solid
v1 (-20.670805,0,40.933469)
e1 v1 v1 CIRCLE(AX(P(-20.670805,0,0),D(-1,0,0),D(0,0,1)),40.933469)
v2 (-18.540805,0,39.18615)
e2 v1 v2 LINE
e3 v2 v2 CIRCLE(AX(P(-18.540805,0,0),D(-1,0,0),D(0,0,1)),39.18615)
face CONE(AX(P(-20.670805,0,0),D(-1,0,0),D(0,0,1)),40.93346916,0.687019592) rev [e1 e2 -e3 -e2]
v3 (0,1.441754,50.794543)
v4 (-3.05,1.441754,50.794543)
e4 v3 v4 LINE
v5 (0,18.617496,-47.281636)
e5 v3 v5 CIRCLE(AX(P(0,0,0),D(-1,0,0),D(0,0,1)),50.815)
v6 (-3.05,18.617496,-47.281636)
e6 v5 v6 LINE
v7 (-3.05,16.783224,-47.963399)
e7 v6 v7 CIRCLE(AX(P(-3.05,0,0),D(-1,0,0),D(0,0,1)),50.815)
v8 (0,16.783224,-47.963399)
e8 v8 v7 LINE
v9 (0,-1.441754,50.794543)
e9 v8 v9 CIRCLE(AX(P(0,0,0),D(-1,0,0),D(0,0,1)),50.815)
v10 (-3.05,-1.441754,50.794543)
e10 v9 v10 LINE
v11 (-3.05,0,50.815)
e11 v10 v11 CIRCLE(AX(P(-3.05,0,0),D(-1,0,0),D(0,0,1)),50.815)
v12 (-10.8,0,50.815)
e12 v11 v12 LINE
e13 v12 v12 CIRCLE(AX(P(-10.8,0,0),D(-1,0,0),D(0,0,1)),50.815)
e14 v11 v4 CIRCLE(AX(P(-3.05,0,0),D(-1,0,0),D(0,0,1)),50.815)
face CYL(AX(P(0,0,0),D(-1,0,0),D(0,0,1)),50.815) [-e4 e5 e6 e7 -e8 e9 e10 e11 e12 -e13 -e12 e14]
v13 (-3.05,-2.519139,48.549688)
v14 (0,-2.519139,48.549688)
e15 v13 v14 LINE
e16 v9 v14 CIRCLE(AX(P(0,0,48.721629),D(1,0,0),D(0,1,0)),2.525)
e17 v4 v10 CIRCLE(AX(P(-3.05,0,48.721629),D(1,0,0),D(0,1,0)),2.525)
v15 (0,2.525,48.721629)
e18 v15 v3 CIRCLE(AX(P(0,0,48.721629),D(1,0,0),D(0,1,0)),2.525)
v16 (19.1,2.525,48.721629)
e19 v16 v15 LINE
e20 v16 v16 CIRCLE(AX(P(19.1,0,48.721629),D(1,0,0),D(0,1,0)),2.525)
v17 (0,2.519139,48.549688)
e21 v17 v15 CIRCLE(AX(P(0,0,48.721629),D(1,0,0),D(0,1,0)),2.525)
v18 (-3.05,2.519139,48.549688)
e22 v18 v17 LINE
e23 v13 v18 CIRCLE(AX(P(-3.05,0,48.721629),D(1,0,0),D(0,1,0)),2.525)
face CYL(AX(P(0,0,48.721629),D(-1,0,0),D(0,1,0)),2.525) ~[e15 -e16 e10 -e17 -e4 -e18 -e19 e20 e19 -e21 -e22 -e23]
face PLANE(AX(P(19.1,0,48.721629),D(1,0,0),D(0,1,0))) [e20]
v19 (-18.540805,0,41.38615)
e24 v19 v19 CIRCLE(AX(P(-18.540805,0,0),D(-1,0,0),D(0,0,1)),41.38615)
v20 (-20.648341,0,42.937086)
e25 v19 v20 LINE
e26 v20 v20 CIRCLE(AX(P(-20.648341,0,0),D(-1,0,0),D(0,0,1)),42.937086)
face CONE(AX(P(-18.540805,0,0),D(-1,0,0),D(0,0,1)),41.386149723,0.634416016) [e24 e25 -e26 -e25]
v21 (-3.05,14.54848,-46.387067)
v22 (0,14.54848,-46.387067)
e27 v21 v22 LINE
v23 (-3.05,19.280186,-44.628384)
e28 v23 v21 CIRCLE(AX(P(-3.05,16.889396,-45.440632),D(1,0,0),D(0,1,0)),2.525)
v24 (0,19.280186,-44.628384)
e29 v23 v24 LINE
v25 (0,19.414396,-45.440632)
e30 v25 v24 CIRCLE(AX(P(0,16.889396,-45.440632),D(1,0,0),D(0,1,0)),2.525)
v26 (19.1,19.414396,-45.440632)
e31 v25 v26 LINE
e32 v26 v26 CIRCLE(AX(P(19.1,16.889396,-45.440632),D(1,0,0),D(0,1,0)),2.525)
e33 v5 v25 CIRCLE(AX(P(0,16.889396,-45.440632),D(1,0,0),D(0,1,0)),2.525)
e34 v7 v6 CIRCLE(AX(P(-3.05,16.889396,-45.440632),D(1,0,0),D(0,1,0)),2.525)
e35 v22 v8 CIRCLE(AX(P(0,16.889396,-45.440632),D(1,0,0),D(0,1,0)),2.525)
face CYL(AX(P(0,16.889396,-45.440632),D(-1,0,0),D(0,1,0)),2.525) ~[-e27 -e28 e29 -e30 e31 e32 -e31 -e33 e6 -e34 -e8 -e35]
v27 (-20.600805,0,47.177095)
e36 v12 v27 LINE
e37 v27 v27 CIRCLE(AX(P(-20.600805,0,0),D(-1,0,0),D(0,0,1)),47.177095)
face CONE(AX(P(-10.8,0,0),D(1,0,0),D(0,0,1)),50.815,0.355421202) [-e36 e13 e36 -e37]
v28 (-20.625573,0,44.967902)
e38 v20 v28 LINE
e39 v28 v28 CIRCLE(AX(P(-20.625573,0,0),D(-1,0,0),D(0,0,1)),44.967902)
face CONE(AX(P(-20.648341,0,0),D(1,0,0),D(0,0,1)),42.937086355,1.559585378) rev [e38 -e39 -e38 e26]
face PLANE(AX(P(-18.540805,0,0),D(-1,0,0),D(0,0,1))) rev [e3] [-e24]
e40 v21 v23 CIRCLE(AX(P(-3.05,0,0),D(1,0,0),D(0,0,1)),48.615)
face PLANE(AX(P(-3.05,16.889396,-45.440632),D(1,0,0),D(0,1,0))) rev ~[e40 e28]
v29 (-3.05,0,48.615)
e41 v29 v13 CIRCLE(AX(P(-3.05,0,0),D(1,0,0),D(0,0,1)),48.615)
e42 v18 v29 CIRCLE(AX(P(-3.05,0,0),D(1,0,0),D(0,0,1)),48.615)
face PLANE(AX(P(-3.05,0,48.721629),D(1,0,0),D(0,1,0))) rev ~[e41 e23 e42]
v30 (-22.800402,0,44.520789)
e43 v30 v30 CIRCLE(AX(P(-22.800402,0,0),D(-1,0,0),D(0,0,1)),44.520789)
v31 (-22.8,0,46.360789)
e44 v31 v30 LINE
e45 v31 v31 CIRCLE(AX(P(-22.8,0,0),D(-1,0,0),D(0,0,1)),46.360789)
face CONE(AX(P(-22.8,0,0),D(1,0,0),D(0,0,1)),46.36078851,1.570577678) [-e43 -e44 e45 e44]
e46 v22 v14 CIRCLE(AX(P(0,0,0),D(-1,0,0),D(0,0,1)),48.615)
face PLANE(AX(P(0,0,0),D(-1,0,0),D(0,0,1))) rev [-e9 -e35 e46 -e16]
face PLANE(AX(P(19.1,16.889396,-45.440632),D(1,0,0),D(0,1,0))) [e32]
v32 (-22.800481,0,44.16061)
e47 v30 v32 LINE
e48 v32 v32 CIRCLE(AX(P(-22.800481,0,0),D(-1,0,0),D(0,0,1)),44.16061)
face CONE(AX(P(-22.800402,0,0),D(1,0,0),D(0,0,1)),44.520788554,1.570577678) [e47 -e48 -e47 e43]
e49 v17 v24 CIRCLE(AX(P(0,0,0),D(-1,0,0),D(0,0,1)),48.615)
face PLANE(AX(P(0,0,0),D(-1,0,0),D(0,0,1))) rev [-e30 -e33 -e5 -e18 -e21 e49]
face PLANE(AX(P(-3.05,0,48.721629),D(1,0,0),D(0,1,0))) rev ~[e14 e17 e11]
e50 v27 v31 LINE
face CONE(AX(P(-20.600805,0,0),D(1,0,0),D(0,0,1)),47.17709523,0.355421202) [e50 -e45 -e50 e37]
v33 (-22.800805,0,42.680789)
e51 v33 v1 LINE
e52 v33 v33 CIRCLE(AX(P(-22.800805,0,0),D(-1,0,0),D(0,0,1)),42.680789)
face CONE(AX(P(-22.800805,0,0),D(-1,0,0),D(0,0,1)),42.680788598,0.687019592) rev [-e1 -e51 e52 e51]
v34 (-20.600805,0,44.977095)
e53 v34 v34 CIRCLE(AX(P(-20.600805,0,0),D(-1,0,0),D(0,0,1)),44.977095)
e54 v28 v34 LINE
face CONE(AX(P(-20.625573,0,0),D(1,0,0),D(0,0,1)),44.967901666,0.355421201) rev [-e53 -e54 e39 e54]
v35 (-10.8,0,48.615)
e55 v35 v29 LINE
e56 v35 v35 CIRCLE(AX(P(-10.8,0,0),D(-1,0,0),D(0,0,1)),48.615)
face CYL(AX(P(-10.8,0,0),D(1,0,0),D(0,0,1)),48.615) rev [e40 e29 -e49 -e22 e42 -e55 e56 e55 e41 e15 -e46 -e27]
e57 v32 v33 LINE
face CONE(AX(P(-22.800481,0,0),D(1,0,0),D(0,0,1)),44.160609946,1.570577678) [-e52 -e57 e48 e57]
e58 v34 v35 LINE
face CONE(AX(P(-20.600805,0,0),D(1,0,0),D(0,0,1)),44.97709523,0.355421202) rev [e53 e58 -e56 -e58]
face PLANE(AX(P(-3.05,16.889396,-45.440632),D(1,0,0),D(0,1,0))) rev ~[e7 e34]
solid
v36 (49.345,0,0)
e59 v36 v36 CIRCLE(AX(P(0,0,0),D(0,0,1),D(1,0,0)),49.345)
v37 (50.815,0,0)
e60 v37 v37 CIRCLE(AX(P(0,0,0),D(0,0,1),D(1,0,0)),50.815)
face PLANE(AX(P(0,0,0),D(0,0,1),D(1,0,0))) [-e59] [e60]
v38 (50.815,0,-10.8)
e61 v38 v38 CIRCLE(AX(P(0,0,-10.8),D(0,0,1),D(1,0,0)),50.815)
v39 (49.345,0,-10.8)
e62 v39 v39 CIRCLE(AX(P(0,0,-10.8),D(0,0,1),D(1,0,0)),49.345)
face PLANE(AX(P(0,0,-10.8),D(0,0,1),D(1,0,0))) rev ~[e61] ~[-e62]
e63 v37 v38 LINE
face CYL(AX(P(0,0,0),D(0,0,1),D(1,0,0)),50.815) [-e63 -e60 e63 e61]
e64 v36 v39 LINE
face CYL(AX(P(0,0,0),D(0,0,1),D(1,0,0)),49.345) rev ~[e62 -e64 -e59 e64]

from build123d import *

# Parameters (mm, degrees)
F0_R      = 50.815
F0_R_2    = 49.345
F1_DEPTH  = 10.8
F4_R      = 2.525
F5_DEPTH  = 18.8
F6_DEPTH  = 3.05
F7_R      = 2.525
F8_DEPTH  = 19.1
F9_DEPTH  = 3.05
F10_DEPTH = 19.1


with BuildPart() as f1:
    # F0 (on Top) → F1 (new body)
    with BuildSketch(Plane.XY):
        Circle(F0_R)
        Circle(F0_R_2, mode=Mode.SUBTRACT)
    extrude(amount=-F1_DEPTH)


with BuildPart() as f3:
    # F2 (on Front) → F3 (revolve)
    with BuildSketch(Plane.XZ):
        Polygon((0, 48.615), (0, 50.815), (-10.8, 50.815), (-20.6008047741, 47.1770952301), (-20.6008047741, 44.9770952301), (-10.8, 48.615), align=None)
        Polygon((-20.6483412873, 42.9370863552), (-22.4750889607, 44.2813903834), (-22.8004810661, 44.1606099456), (-22.800804627, 42.6807885977), (-20.6708046779, 40.9334691601), align=None)
        Polygon((-18.5408047288, 41.3861497226), (-20.6483412873, 42.9370863552), (-20.6708046779, 40.9334691601), (-18.5408047288, 39.1861497226), align=None)
        Polygon((-20.6483412873, 42.9370863552), (-20.6255729673, 44.9679016659), (-22.4750889607, 44.2813903834), align=None)
        Polygon((-20.6255729673, 44.9679016659), (-20.6008047741, 47.1770952301), (-22.8, 46.3607885097), (-22.8004023135, 44.5207885537), (-22.4750889607, 44.2813903834), align=None)
        Polygon((-22.4750889607, 44.2813903834), (-22.8004023135, 44.5207885537), (-22.8004810661, 44.1606099456), align=None)
        Polygon((-20.6008047741, 44.9770952301), (-20.6008047741, 47.1770952301), (-20.6255729673, 44.9679016659), align=None)
    revolve(axis=Axis((-10.9746353701, 0, 0), (-1, 0, 0)))

    # F4 (on Right) → F5 (join)
    with BuildSketch(Plane.YZ):
        with Locations((0, 48.7216291603)):
            Circle(F4_R)
    extrude(amount=F5_DEPTH)

    # F4 (on Right) → F6 (join)
    with BuildSketch(Plane.YZ):
        with Locations((0, 48.7216291603)):
            Circle(F4_R)
    extrude(amount=-F6_DEPTH)

    # F7 (on Right) → F8 (join)
    with BuildSketch(Plane.YZ):
        with Locations((16.8893956308, -45.4406320229)):
            Circle(F7_R)
    extrude(amount=F8_DEPTH)

    # F7 (on Right) → F9 (join)
    with BuildSketch(Plane.YZ):
        with Locations((16.8893956308, -45.4406320229)):
            Circle(F7_R)
    extrude(amount=-F9_DEPTH)

    # F4 (on Right) → F10 (join)
    with BuildSketch(Plane.YZ):
        with Locations((0, 48.7216291603)):
            Circle(F4_R)
    extrude(amount=F10_DEPTH)


solid = Compound([f1.part, f3.part])
